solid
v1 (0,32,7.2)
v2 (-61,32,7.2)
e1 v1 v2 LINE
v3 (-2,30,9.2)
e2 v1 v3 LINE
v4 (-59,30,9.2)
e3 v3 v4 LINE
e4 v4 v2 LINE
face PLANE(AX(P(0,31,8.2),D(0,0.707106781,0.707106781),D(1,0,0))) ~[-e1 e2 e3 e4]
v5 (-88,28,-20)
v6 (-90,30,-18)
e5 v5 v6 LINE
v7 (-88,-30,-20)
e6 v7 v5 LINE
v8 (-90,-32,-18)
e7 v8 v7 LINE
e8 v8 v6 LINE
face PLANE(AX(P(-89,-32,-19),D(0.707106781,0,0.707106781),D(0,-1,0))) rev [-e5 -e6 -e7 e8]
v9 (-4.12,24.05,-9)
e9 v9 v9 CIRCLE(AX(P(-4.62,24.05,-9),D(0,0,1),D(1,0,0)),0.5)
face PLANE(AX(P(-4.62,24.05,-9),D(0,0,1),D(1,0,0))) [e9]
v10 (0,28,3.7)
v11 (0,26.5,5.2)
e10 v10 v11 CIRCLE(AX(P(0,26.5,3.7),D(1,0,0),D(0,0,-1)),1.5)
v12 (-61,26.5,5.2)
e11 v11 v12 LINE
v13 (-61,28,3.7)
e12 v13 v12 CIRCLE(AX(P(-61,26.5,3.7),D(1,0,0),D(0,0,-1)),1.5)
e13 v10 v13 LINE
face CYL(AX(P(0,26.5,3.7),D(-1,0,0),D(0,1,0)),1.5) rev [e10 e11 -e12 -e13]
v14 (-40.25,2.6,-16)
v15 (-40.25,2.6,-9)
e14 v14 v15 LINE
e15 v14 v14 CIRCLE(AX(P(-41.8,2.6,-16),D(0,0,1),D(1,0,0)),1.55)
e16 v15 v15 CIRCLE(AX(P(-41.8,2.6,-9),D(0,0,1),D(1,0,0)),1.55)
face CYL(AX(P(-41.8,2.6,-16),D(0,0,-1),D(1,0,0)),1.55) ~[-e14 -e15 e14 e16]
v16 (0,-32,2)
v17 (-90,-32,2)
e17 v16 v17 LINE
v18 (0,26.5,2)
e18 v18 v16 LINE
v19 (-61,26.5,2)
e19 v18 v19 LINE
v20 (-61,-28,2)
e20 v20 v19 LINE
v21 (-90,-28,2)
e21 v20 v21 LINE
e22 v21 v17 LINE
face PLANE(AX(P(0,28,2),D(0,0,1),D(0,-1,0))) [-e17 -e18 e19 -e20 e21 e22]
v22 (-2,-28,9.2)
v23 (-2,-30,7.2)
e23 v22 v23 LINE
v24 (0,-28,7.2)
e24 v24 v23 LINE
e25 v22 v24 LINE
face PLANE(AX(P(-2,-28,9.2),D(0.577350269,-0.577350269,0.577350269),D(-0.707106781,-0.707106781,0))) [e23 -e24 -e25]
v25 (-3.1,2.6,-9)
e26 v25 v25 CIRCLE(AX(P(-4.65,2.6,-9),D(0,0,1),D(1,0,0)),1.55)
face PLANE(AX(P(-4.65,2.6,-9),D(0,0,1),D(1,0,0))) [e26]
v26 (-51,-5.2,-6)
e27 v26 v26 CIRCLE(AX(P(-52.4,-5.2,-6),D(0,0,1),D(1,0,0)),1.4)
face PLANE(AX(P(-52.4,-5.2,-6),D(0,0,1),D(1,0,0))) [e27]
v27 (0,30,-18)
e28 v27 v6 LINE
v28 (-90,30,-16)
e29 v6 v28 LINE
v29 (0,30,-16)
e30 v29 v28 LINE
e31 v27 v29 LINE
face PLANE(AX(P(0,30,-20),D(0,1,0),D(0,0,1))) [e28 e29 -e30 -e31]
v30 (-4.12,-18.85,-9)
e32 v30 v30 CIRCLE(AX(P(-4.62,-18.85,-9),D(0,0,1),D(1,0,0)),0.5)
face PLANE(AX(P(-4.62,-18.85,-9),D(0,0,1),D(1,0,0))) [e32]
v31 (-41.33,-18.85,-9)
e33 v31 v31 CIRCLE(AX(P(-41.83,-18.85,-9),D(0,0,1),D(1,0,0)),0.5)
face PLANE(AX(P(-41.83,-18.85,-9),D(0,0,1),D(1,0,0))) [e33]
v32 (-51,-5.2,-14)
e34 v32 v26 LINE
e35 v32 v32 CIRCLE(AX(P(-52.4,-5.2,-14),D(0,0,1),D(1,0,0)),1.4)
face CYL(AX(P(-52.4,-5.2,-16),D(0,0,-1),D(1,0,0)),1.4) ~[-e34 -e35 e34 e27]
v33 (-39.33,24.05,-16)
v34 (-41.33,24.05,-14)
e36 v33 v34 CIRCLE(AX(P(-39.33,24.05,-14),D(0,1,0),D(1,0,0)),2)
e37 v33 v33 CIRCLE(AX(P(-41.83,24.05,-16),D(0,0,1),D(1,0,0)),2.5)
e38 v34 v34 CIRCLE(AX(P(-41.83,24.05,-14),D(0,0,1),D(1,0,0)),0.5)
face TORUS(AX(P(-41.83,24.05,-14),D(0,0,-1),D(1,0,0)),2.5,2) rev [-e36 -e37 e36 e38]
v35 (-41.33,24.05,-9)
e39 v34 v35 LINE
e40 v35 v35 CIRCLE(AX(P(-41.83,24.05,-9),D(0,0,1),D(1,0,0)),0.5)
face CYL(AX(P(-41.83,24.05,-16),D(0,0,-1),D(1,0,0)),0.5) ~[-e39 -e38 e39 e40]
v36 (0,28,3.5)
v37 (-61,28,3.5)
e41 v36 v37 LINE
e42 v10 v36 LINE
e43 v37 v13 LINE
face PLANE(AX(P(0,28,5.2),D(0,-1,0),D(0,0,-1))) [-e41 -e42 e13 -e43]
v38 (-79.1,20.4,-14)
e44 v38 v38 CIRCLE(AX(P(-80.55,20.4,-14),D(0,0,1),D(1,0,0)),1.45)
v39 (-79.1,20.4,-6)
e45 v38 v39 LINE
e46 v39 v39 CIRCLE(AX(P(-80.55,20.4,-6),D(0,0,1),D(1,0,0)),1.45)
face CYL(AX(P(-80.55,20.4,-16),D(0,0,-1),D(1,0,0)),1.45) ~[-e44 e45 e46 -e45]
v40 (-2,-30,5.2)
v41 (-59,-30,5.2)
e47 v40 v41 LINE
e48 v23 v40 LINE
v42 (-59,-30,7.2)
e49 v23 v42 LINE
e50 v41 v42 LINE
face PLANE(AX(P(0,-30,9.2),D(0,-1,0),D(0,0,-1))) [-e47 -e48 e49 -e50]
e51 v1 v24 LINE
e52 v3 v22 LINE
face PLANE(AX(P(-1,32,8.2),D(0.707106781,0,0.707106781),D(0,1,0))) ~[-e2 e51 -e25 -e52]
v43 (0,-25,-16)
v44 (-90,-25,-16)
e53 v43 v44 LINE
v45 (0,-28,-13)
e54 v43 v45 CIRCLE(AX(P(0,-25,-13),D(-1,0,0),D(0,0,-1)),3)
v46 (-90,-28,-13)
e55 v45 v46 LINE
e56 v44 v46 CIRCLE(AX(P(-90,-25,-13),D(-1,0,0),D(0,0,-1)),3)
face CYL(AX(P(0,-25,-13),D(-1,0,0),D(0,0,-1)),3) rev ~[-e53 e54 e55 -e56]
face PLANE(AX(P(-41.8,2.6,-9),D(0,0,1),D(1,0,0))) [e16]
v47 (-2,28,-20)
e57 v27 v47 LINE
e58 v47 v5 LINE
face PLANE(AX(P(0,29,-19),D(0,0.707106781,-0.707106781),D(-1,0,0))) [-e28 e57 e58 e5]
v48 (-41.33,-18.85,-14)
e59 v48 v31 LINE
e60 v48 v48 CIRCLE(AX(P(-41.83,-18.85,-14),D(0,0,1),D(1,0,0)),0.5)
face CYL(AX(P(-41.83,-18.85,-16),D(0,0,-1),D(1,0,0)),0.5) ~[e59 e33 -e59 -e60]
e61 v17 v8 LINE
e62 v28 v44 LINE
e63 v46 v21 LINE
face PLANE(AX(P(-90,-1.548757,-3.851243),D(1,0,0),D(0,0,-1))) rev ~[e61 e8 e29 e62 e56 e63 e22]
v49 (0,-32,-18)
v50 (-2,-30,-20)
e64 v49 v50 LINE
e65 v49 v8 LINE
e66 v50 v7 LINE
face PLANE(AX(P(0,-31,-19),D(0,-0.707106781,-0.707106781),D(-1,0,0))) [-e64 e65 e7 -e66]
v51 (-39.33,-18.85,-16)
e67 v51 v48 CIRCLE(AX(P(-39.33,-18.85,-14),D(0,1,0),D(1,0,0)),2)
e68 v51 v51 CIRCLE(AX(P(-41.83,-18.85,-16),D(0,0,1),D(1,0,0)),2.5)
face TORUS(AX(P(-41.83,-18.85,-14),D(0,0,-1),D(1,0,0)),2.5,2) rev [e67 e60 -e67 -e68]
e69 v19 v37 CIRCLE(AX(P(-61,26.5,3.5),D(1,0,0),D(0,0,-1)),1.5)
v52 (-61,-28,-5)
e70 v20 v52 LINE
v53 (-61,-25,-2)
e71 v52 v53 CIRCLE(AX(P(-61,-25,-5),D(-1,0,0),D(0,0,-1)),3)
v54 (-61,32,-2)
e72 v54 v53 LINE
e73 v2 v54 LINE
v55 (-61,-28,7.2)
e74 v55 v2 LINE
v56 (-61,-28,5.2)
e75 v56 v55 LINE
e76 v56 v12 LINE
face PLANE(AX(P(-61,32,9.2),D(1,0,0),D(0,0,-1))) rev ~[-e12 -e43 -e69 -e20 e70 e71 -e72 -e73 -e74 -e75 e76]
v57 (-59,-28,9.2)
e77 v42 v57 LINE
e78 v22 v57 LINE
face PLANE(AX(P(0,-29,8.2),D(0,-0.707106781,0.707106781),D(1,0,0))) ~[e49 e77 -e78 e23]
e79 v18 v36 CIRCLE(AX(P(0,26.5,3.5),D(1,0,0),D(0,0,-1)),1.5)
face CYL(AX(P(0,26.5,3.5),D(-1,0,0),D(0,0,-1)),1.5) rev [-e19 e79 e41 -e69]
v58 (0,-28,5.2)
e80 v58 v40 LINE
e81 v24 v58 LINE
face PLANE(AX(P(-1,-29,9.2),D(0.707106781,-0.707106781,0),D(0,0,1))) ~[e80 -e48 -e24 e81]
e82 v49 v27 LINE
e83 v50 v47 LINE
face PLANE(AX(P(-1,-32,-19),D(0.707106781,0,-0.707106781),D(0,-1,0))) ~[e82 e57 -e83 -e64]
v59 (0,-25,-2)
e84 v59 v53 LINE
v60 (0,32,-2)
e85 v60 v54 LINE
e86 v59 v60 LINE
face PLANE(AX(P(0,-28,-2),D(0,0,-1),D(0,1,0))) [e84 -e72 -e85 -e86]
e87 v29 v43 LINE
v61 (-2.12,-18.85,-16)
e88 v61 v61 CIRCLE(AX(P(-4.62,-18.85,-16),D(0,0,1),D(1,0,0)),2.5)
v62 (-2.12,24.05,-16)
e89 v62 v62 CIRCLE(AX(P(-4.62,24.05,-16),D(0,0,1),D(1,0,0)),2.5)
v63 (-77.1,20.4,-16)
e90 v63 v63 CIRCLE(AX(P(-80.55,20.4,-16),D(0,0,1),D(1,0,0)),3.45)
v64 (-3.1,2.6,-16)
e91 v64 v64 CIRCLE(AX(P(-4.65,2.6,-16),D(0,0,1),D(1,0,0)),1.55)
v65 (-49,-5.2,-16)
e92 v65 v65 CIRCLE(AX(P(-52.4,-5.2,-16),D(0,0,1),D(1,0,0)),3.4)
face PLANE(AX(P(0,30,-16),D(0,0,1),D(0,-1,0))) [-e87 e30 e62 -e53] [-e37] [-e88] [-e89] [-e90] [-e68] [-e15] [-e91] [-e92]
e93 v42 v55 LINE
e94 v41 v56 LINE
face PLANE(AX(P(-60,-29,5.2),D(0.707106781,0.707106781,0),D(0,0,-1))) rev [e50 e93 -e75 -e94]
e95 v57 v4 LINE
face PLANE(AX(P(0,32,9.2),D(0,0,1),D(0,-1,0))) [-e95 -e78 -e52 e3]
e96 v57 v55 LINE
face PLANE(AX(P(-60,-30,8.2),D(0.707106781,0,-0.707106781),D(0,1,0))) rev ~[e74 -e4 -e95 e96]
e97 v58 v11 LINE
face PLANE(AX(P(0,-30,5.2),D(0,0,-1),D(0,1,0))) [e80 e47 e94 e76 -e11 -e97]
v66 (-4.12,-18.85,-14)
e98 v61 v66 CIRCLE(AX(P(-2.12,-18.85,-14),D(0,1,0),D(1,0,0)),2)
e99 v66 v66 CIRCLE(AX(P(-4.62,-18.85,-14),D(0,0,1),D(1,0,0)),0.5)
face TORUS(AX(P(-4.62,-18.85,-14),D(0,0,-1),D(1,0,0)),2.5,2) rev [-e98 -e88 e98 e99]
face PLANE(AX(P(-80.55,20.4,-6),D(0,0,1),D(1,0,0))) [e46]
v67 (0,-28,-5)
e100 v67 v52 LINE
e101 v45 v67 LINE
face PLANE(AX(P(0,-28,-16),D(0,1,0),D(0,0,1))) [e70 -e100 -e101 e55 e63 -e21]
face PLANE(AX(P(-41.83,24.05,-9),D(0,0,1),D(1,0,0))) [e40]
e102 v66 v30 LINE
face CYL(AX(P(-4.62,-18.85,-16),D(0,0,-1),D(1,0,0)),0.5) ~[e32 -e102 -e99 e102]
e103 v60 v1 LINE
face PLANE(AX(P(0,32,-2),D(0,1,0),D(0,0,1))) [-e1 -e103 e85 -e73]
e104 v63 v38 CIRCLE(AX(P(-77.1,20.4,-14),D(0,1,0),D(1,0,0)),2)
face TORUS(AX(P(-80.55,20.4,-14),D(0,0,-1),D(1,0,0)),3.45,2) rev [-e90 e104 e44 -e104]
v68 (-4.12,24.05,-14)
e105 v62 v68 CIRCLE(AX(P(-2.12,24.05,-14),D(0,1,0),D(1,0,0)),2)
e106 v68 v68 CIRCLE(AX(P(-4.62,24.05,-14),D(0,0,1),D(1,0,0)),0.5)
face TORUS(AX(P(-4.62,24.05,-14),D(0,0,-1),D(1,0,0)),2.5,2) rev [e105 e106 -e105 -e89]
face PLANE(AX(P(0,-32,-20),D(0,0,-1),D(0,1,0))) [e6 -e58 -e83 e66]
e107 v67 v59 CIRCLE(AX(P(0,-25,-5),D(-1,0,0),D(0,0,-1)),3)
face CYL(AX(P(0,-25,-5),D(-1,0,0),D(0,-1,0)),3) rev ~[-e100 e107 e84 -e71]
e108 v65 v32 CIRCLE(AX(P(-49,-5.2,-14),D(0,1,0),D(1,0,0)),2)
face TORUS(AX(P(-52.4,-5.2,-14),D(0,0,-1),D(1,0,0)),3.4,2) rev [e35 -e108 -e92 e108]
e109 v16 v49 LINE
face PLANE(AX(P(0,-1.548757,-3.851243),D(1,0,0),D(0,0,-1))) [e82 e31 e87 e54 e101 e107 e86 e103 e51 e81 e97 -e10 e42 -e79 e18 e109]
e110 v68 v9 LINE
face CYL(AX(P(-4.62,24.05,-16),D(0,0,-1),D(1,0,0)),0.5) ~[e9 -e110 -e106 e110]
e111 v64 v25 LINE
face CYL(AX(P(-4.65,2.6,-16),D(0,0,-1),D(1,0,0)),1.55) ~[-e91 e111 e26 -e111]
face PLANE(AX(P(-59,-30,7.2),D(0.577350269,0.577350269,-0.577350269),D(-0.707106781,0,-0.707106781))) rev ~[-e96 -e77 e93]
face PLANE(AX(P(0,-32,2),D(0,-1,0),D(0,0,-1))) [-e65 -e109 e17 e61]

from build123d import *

# Parameters (mm, degrees)
EXTRUDE_THIN1_DEPTH = 90
SKETCH2_W           = 29
SKETCH2_H           = 11.2
CUT_EXTRUDE1_DEPTH  = 60
SKETCH3_W           = 29
SKETCH3_H           = 4
CUT_EXTRUDE2_DEPTH  = 5
SKETCH4_R           = 1.45
SKETCH4_R_2         = 1.4
BOSS_EXTRUDE1_DEPTH = 10
FILLET1_R           = 3
CHAMFER1_SIZE       = 2
SKETCH6_R           = 0.5
SKETCH6_R_2         = 1.55
BOSS_EXTRUDE2_DEPTH = 7
FILLET2_R           = 2
FILLET3_R           = 1.5


with BuildPart() as part:
    # Sketch1 → Extrude-Thin1 (new body)
    with BuildSketch(Plane(origin=(0, 0, 0), x_dir=(0, 0, -1), z_dir=(1, 0, 0))):
        Polygon((-5.2, -30), (-5.2, 28), (-2, 28), (-2, -32), (20, -32), (20, 30), (16, 30), (16, -28), (2, -28), (2, 32), (-9.2, 32), (-9.2, -30), align=None)
    extrude(amount=-EXTRUDE_THIN1_DEPTH)

    # Sketch2 → Cut-Extrude1 (cut)
    with BuildSketch(Plane(origin=(0, 32, 0), x_dir=(1, 0, 0), z_dir=(0, 1, 0))):
        with Locations((-75.5, -3.6)):
            Rectangle(SKETCH2_W, SKETCH2_H)
    extrude(amount=-CUT_EXTRUDE1_DEPTH, mode=Mode.SUBTRACT)

    # Sketch3 → Cut-Extrude2 (cut, through all)
    with BuildSketch(Plane(origin=(0, -28, 0), x_dir=(1, 0, 0), z_dir=(0, 1, 0))):
        with Locations((-75.5, -7.2)):
            Rectangle(SKETCH3_W, SKETCH3_H)
    extrude(amount=-CUT_EXTRUDE2_DEPTH, mode=Mode.SUBTRACT)

    # Sketch4 → Boss-Extrude1 (add)
    with BuildSketch(Plane.XY.offset(-16)):
        with Locations((-80.55, 20.4)):
            Circle(SKETCH4_R)
        with Locations((-52.4, -5.2)):
            Circle(SKETCH4_R_2)
    extrude(amount=BOSS_EXTRUDE1_DEPTH)

    # Fillet1
    fillet1_edges = [part.edges().sort_by_distance(p)[0] for p in [
        (-45, -28, -16),
        (-30.5, -28, -2),
    ]]
    fillet(fillet1_edges, radius=FILLET1_R)

    # Chamfer1
    chamfer1_edges = [part.edges().sort_by_distance(p)[0] for p in [
        (0, -1, -20),
        (0, -30, 7.2),
        (0, 1, 9.2),
        (-45, 30, -20),
        (-45, -32, -20),
        (-90, -1, -20),
        (-30.5, 32, 9.2),
        (-61, 1, 9.2),
        (-30.5, -30, 9.2),
        (-61, -30, 7.2),
    ]]
    chamfer(chamfer1_edges, length=CHAMFER1_SIZE)

    # Sketch6 → Boss-Extrude2 (add)
    with BuildSketch(Plane.XY.offset(-16)):
        with Locations((-41.83, 24.05)):
            Circle(SKETCH6_R)
        with Locations((-41.83, -18.85)):
            Circle(SKETCH6_R)
        with Locations((-41.8, 2.6)):
            Circle(SKETCH6_R_2)
        with Locations((-4.62, -18.85)):
            Circle(SKETCH6_R)
        with Locations((-4.65, 2.6)):
            Circle(SKETCH6_R_2)
        with Locations((-4.62, 24.05)):
            Circle(SKETCH6_R)
    extrude(amount=BOSS_EXTRUDE2_DEPTH)

    # Fillet2
    fillet2_edges = [part.edges().sort_by_distance(p)[0] for p in [
        (-42.33, -18.85, -16),
        (-42.33, 24.05, -16),
        (-5.12, -18.85, -16),
        (-5.12, 24.05, -16),
        (-82, 20.4, -16),
        (-53.8, -5.2, -16),
    ]]
    fillet(fillet2_edges, radius=FILLET2_R)

    # Fillet3
    fillet3_edges = [part.edges().sort_by_distance(p)[0] for p in [
        (-30.5, 28, 5.2),
        (-30.5, 28, 2),
    ]]
    fillet(fillet3_edges, radius=FILLET3_R)


solid = part.part
